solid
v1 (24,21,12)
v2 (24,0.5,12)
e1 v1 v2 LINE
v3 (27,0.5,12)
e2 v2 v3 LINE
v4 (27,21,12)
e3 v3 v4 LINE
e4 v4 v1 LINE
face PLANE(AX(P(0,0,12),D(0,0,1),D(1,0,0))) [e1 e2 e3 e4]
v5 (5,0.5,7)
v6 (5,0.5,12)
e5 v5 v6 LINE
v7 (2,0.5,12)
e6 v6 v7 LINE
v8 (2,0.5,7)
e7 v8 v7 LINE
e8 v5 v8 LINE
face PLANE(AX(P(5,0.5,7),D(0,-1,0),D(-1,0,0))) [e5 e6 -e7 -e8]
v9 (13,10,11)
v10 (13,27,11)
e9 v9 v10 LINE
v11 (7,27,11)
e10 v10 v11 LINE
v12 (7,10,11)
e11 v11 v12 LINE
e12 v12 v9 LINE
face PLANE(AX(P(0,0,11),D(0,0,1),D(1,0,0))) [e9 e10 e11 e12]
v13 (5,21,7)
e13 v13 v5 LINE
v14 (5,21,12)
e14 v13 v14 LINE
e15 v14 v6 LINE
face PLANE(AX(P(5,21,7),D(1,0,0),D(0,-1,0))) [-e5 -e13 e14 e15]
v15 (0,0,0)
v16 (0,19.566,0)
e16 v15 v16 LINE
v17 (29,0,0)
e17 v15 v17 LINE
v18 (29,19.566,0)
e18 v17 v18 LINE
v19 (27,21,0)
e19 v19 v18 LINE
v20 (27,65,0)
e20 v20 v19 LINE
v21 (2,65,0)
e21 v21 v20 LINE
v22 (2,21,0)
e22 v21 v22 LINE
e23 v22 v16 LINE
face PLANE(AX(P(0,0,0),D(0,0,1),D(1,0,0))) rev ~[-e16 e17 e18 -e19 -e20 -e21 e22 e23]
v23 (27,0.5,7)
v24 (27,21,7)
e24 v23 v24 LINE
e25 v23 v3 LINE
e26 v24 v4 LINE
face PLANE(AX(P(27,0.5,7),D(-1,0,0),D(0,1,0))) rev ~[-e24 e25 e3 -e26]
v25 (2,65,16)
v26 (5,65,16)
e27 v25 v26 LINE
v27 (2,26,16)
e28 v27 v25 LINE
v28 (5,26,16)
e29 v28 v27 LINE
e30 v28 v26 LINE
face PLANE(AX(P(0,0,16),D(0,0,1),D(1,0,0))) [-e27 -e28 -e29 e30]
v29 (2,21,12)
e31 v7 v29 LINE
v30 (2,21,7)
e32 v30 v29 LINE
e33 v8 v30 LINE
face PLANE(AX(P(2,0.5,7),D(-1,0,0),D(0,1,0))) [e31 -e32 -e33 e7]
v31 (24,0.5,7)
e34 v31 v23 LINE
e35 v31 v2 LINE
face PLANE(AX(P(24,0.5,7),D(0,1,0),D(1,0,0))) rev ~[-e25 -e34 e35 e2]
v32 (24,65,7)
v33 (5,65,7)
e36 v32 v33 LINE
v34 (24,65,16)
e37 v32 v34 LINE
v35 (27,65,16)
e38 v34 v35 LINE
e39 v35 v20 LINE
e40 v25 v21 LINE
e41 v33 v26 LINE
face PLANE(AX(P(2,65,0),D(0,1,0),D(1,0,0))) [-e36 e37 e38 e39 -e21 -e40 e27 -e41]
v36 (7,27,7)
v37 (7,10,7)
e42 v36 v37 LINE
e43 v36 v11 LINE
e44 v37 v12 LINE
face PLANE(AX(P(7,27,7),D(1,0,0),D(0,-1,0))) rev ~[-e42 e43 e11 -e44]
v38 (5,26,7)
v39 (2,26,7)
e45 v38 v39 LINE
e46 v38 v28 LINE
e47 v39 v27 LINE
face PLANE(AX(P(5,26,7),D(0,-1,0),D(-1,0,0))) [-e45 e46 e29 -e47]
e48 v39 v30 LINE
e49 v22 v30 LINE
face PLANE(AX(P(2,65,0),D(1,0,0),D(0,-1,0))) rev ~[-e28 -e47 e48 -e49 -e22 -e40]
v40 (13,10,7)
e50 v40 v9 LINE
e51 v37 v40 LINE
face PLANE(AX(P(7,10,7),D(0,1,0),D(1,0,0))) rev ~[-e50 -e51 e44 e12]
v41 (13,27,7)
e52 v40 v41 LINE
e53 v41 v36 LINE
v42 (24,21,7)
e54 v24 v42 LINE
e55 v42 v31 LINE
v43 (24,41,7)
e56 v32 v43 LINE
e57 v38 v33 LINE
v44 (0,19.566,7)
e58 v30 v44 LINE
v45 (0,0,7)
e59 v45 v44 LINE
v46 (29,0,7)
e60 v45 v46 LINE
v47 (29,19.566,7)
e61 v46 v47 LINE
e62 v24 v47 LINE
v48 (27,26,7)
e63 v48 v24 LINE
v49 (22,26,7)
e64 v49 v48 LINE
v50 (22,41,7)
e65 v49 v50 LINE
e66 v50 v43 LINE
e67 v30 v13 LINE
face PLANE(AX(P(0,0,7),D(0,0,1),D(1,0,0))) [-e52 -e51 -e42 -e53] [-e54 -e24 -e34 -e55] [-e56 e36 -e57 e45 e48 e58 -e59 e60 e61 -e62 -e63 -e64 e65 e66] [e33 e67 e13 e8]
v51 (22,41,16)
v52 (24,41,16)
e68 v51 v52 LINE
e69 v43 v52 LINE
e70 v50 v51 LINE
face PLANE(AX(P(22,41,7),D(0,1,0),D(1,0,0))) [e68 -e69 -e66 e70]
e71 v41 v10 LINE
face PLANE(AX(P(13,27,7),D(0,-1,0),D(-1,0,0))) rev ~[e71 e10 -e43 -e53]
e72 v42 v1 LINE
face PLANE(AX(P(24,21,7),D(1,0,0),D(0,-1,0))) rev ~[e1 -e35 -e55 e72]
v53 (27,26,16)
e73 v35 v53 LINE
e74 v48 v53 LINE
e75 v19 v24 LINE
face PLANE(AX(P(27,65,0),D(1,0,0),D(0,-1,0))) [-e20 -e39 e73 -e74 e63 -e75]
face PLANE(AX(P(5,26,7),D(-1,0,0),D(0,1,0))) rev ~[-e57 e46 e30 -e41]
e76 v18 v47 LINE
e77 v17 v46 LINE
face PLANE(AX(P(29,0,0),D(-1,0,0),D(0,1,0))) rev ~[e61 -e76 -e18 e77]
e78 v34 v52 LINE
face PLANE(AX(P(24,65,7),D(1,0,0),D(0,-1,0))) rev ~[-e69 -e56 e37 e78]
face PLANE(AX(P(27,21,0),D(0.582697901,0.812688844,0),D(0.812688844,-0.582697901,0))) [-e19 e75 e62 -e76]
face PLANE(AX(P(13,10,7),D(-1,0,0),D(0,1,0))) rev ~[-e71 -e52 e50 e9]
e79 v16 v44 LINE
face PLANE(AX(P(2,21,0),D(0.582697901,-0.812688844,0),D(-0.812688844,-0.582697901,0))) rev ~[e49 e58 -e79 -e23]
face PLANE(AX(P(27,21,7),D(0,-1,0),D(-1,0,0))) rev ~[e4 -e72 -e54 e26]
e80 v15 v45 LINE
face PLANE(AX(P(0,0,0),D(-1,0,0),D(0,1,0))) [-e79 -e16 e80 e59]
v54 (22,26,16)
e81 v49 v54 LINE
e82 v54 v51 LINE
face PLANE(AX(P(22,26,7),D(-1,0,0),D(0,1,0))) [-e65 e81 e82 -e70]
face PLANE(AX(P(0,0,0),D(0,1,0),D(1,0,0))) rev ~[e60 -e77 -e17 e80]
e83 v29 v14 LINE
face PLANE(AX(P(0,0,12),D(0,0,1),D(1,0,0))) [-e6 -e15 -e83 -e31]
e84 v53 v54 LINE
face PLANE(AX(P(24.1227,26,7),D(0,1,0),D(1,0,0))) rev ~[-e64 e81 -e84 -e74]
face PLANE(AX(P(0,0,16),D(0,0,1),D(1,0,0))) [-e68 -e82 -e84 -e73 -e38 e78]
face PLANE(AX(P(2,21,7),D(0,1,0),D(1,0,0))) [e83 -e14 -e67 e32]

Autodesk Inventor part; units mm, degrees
ref_plane "YZ Plane" through (0, 0, 0) normal (1, 0, 0) x (0, 1, 0)
ref_plane "XZ Plane" through (0, 0, 0) normal (0, 1, 0) x (-1, 0, 0)
ref_plane "XY Plane" through (0, 0, 0) normal (0, 0, 1) x (1, 0, 0)
sketch "Boceto1" plane through (0, 0, 0) normal (0, 0, 1) x (1, 0, 0)
  line L0 (0, 0) -> (0, 19.566)
  line L1 (2, 65) -> (2, 21)
  line L2 (2, 21) -> (0, 19.566)
  line L3 (2, 65) -> (14.5, 65)
  line L4 (29, 0) -> (29, 19.566)
  line L5 (27, 65) -> (27, 21)
  line L6 (27, 21) -> (29, 19.566)
  line L7 (27, 65) -> (14.5, 65)
  line L8 (0, 0) -> (29, 0)
extrude "Extrusión1" add sketch "Boceto1" along normal blind 7
sketch "Boceto2" plane through (0, 0, 7) normal (0, 0, 1) x (1, 0, 0)
  line L0 (27, 65) -> (27, 21) projected
  line L1 (2, 65) -> (27, 65) projected
  line L2 (2, 21) -> (2, 65) projected
  line L3 (2, 65) -> (5, 65)
  line L4 (2, 65) -> (2, 26)
  line L5 (5, 26) -> (5, 65)
  line L6 (27, 65) -> (24, 65)
  line L7 (24, 65) -> (24, 41)
  line L8 (27, 65) -> (27, 26)
  line L9 (5, 26) -> (2, 26)
  line L10 (24, 26) -> (27, 26)
  line L11 (24.1227, 26) -> (22, 26)
  line L12 (22, 26) -> (22, 41)
  line L13 (22, 41) -> (24, 41)
  dimension "d7" = 15
extrude "Extrusión2" add sketch "Boceto2" along normal blind 9
sketch "Boceto3" plane through (0, 0, 7) normal (0, 0, 1) x (1, 0, 0)
  line L0 (5, 65) -> (24, 65) projected
  line L1 (29, 0) -> (0, 0) projected
  line L2 (22, 41) -> (24, 41) projected
  line L3 (2, 0.5) -> (2, 21)
  line L4 (2, 21) -> (5, 21)
  line L5 (5, 21) -> (5, 0.5)
  line L6 (5, 0.5) -> (2, 0.5)
  line L7 (27, 0.5) -> (27, 21)
  line L8 (27, 21) -> (24, 21)
  line L9 (24, 21) -> (24, 0.5)
  line L10 (24, 0.5) -> (27, 0.5)
  dimension "d9" = 20.5
extrude "Extrusión3" add sketch "Boceto3" along normal blind 5
sketch "Boceto4" plane through (0, 0, 7) normal (0, 0, 1) x (1, 0, 0)
  line L0 (29, 0) -> (0, 0) projected
  line L1 (7, 10) -> (13, 10)
  line L2 (13, 10) -> (13, 27)
  line L3 (13, 27) -> (7, 27)
  line L4 (7, 27) -> (7, 10)
extrude "Extrusión4" add sketch "Boceto4" along normal blind 4
properties part number "fio"
